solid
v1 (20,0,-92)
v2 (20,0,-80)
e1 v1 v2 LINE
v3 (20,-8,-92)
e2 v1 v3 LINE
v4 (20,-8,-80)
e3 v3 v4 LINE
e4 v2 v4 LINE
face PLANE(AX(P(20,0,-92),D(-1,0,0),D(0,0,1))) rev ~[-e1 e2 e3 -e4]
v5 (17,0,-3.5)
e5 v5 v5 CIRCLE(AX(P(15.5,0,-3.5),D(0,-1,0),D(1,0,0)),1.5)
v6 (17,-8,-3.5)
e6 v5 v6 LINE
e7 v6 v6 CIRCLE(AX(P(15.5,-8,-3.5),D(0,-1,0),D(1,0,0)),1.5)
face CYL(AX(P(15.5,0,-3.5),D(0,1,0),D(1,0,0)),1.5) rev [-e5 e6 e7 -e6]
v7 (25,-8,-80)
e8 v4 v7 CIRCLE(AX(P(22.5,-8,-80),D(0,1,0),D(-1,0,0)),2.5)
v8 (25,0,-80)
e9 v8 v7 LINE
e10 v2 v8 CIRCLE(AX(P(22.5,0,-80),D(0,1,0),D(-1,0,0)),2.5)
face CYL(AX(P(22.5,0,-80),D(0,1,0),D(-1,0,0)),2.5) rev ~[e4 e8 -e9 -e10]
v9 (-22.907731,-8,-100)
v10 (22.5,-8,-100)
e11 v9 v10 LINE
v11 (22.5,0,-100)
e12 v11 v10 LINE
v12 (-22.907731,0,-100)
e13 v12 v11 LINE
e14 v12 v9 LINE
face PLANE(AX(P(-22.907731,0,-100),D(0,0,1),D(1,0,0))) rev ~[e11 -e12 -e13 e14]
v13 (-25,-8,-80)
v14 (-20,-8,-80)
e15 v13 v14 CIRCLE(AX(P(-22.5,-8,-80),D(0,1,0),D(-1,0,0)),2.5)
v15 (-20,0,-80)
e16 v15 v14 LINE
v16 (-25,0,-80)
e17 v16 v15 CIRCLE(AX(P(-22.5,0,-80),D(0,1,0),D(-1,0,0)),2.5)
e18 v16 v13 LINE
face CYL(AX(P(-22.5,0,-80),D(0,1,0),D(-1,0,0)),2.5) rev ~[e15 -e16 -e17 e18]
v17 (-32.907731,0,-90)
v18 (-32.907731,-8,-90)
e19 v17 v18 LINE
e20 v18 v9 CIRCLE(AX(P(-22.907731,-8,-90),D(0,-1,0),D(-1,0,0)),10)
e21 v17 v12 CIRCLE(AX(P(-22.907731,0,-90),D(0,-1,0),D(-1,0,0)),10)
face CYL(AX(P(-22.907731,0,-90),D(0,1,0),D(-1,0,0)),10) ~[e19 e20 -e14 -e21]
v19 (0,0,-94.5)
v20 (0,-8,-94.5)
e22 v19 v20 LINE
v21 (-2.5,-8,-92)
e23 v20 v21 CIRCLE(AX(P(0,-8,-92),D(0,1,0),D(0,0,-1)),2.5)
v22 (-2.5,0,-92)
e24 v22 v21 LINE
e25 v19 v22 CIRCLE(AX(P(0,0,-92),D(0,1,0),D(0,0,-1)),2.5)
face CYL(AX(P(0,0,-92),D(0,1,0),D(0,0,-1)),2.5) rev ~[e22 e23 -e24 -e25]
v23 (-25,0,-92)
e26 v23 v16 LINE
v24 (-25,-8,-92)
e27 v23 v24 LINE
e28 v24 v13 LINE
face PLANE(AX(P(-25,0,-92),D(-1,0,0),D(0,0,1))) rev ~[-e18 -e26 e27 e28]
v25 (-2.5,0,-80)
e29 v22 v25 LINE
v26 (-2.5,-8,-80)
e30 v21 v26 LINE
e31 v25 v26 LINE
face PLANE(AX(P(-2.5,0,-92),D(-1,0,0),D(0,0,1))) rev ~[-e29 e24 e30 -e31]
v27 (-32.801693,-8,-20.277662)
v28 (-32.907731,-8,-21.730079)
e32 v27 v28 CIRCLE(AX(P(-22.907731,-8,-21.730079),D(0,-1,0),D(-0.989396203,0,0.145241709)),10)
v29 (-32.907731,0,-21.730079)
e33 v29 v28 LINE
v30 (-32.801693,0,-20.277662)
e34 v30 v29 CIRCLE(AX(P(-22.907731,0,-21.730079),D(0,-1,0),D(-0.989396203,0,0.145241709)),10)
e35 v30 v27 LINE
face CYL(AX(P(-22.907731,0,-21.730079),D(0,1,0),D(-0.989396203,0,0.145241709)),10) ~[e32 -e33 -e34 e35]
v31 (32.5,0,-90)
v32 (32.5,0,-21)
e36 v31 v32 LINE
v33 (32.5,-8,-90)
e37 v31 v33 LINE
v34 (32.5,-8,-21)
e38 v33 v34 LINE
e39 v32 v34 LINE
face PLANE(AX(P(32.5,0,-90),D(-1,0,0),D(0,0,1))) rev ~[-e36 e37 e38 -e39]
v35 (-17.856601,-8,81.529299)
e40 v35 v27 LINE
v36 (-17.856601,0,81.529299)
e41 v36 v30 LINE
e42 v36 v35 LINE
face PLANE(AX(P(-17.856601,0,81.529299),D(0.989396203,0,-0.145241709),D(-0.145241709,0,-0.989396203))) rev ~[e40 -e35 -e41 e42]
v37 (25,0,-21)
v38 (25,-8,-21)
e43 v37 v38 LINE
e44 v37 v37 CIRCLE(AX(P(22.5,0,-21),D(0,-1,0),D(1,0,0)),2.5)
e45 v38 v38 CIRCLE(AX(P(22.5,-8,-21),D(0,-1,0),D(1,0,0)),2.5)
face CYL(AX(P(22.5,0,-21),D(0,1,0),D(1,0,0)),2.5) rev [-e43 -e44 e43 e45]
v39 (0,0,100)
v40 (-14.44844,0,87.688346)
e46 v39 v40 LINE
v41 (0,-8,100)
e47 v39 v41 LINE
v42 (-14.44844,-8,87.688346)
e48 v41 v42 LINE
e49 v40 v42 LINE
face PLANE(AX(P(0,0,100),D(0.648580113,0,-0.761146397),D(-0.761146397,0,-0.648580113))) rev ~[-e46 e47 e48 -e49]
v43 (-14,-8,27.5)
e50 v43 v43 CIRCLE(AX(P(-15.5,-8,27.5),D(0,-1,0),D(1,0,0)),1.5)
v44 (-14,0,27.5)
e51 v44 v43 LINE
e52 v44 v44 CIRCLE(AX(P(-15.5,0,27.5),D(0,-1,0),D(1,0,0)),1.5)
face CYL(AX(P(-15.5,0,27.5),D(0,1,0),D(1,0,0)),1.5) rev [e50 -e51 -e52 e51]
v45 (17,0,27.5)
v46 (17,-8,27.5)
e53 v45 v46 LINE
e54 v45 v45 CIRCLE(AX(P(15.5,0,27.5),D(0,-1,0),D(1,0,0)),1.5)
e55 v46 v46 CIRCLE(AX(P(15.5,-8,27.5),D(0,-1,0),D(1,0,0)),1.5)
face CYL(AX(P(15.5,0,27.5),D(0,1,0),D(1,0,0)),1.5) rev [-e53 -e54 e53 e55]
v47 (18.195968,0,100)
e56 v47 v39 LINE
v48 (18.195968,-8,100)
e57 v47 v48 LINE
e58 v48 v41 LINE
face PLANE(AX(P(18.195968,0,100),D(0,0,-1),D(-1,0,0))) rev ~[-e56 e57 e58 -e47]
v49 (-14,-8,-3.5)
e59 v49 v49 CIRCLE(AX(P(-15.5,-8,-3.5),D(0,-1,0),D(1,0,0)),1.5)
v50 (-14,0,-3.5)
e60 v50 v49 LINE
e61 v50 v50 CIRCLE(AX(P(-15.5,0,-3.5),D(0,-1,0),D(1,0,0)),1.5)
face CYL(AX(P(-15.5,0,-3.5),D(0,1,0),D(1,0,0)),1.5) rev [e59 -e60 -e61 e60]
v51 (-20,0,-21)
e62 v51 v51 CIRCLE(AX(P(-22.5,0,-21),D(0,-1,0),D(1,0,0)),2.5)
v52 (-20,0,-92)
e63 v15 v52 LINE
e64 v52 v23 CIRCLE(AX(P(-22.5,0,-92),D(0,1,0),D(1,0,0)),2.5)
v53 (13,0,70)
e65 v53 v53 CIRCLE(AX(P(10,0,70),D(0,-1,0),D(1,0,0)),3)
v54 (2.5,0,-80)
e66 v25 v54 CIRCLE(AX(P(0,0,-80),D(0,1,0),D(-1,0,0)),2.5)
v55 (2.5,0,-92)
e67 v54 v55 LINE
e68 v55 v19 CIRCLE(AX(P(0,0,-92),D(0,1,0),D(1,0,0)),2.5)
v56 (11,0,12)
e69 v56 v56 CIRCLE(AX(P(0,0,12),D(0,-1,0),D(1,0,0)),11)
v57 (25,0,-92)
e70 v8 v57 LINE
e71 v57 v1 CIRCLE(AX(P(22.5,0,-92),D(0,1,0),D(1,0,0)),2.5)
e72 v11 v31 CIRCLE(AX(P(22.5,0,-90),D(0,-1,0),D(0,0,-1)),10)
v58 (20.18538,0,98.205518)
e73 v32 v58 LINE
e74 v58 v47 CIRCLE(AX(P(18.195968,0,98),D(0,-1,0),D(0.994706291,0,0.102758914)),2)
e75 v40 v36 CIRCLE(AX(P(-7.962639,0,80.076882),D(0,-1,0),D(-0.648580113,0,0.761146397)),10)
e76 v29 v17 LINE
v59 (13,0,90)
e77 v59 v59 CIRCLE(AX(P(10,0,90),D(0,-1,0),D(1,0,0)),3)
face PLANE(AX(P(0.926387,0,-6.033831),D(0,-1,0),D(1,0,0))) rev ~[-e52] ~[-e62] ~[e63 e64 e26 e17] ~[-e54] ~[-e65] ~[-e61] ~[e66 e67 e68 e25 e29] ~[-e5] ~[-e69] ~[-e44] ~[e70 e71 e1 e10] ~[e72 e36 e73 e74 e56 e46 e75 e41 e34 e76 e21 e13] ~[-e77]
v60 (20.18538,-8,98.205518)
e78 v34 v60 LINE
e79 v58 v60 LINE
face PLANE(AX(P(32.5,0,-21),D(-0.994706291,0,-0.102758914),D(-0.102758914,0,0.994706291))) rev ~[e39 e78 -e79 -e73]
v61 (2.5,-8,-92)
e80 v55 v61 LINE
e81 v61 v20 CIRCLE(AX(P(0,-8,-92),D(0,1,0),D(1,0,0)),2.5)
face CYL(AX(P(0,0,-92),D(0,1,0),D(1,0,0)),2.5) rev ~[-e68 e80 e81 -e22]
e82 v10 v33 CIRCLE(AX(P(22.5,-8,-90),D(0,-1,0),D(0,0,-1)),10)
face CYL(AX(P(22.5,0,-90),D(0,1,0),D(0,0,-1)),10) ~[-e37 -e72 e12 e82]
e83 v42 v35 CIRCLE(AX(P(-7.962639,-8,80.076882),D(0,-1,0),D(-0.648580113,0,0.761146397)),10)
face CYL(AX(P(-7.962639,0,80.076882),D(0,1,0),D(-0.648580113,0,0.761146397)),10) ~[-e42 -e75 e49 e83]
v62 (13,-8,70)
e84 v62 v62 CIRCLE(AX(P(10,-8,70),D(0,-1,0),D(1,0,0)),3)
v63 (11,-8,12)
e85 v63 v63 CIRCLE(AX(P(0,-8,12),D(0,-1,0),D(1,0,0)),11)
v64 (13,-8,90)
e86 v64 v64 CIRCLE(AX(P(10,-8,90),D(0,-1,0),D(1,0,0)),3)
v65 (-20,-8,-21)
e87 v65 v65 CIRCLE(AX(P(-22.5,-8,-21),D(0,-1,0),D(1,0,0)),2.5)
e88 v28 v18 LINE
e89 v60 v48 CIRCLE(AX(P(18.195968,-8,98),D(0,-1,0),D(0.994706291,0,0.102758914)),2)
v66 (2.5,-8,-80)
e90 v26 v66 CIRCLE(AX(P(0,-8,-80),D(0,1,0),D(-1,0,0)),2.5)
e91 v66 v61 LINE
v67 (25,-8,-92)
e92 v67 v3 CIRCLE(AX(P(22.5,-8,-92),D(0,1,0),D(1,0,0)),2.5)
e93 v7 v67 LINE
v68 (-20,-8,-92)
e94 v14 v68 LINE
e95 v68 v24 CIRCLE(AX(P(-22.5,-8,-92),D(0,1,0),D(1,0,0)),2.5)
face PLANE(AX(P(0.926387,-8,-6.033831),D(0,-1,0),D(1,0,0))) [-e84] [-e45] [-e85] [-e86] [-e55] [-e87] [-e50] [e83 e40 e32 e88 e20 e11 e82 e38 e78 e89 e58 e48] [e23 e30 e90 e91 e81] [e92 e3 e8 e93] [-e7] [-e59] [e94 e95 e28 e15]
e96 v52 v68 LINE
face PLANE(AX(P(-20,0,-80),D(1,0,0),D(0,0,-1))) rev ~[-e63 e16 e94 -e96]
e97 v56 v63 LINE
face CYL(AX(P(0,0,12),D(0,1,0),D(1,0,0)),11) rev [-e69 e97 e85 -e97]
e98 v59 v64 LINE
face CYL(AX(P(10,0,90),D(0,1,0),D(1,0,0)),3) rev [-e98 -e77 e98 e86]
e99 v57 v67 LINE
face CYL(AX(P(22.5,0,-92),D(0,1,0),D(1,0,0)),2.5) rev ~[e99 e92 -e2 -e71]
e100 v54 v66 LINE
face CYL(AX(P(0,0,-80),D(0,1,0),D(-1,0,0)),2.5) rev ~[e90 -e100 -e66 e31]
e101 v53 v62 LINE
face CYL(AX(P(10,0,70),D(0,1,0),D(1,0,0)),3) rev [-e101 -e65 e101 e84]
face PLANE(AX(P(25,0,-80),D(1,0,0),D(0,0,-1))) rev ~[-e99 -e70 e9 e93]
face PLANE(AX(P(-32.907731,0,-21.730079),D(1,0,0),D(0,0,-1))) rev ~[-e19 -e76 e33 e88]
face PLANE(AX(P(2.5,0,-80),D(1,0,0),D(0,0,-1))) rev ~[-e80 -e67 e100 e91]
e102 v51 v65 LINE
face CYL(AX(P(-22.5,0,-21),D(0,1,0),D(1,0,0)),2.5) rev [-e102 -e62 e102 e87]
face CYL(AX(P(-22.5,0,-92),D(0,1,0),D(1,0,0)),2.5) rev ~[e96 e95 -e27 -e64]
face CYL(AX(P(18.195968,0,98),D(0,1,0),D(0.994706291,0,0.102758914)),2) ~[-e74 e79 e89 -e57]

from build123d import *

# Parameters (mm, degrees)
F0_R     = 2.5
F0_R_2   = 1.5
F0_R_3   = 11
F0_R_4   = 3
F2_DEPTH = 8


with BuildPart() as f2:
    # F0 (on Front) → F2 (new body)
    with BuildSketch(Plane.XZ):
        with BuildLine():
            Line((-22.9077306539, -100), (0, -100))
            Line((0, -100), (22.5, -100))
            ThreePointArc((22.5, -100), (29.5710678119, -97.0710678119), (32.5, -90))
            Line((32.5, -90), (32.5, -21))
            Line((32.5, -21), (20.1853803896, 98.2055178287))
            ThreePointArc((20.1853803896, 98.2055178287), (19.5355506422, 99.4850985923), (18.1959678074, 100))
            Line((18.1959678074, 100), (0, 100))
            Line((0, 100), (-14.4484399937, 87.6883463137))
            ThreePointArc((-14.4484399937, 87.6883463137), (-16.712360283, 84.9186150029), (-17.8566008934, 81.5292994325))
            Line((-17.8566008934, 81.5292994325), (-32.8016926817, -20.2776622636))
            ThreePointArc((-32.8016926817, -20.2776622636), (-32.8811859297, -21.0019379755), (-32.9077306539, -21.7300793498))
            Line((-32.9077306539, -21.7300793498), (-32.9077306539, -90))
            ThreePointArc((-32.9077306539, -90), (-29.9787984657, -97.0710678119), (-22.9077306539, -100))
        make_face()
        with BuildLine():
            Line((-25, -92), (-25, -80))
            ThreePointArc((-25, -80), (-22.5, -77.5), (-20, -80))
            Line((-20, -80), (-20, -92))
            ThreePointArc((-20, -92), (-22.5, -94.5), (-25, -92))
        make_face(mode=Mode.SUBTRACT)
        with Locations((-22.5, -21)):
            Circle(F0_R, mode=Mode.SUBTRACT)
        with Locations((-15.5, -3.5)):
            Circle(F0_R_2, mode=Mode.SUBTRACT)
        with BuildLine():
            Line((-2.5, -92), (-2.5, -80))
            ThreePointArc((-2.5, -80), (0, -77.5), (2.5, -80))
            Line((2.5, -80), (2.5, -92))
            ThreePointArc((2.5, -92), (1.767766953, -93.767766953), (0, -94.5))
            ThreePointArc((0, -94.5), (-1.767766953, -93.767766953), (-2.5, -92))
        make_face(mode=Mode.SUBTRACT)
        with BuildLine():
            Line((20, -92), (20, -80))
            ThreePointArc((20, -80), (22.5, -77.5), (25, -80))
            Line((25, -80), (25, -92))
            ThreePointArc((25, -92), (22.5, -94.5), (20, -92))
        make_face(mode=Mode.SUBTRACT)
        with Locations((15.5, -3.5)):
            Circle(F0_R_2, mode=Mode.SUBTRACT)
        with Locations((22.5, -21)):
            Circle(F0_R, mode=Mode.SUBTRACT)
        with Locations((-15.5, 27.5)):
            Circle(F0_R_2, mode=Mode.SUBTRACT)
        with Locations((0, 12)):
            Circle(F0_R_3, mode=Mode.SUBTRACT)
        with Locations((15.5, 27.5)):
            Circle(F0_R_2, mode=Mode.SUBTRACT)
        with Locations((10, 70)):
            Circle(F0_R_4, mode=Mode.SUBTRACT)
        with Locations((10, 90)):
            Circle(F0_R_4, mode=Mode.SUBTRACT)
    extrude(amount=F2_DEPTH)


solid = f2.part
